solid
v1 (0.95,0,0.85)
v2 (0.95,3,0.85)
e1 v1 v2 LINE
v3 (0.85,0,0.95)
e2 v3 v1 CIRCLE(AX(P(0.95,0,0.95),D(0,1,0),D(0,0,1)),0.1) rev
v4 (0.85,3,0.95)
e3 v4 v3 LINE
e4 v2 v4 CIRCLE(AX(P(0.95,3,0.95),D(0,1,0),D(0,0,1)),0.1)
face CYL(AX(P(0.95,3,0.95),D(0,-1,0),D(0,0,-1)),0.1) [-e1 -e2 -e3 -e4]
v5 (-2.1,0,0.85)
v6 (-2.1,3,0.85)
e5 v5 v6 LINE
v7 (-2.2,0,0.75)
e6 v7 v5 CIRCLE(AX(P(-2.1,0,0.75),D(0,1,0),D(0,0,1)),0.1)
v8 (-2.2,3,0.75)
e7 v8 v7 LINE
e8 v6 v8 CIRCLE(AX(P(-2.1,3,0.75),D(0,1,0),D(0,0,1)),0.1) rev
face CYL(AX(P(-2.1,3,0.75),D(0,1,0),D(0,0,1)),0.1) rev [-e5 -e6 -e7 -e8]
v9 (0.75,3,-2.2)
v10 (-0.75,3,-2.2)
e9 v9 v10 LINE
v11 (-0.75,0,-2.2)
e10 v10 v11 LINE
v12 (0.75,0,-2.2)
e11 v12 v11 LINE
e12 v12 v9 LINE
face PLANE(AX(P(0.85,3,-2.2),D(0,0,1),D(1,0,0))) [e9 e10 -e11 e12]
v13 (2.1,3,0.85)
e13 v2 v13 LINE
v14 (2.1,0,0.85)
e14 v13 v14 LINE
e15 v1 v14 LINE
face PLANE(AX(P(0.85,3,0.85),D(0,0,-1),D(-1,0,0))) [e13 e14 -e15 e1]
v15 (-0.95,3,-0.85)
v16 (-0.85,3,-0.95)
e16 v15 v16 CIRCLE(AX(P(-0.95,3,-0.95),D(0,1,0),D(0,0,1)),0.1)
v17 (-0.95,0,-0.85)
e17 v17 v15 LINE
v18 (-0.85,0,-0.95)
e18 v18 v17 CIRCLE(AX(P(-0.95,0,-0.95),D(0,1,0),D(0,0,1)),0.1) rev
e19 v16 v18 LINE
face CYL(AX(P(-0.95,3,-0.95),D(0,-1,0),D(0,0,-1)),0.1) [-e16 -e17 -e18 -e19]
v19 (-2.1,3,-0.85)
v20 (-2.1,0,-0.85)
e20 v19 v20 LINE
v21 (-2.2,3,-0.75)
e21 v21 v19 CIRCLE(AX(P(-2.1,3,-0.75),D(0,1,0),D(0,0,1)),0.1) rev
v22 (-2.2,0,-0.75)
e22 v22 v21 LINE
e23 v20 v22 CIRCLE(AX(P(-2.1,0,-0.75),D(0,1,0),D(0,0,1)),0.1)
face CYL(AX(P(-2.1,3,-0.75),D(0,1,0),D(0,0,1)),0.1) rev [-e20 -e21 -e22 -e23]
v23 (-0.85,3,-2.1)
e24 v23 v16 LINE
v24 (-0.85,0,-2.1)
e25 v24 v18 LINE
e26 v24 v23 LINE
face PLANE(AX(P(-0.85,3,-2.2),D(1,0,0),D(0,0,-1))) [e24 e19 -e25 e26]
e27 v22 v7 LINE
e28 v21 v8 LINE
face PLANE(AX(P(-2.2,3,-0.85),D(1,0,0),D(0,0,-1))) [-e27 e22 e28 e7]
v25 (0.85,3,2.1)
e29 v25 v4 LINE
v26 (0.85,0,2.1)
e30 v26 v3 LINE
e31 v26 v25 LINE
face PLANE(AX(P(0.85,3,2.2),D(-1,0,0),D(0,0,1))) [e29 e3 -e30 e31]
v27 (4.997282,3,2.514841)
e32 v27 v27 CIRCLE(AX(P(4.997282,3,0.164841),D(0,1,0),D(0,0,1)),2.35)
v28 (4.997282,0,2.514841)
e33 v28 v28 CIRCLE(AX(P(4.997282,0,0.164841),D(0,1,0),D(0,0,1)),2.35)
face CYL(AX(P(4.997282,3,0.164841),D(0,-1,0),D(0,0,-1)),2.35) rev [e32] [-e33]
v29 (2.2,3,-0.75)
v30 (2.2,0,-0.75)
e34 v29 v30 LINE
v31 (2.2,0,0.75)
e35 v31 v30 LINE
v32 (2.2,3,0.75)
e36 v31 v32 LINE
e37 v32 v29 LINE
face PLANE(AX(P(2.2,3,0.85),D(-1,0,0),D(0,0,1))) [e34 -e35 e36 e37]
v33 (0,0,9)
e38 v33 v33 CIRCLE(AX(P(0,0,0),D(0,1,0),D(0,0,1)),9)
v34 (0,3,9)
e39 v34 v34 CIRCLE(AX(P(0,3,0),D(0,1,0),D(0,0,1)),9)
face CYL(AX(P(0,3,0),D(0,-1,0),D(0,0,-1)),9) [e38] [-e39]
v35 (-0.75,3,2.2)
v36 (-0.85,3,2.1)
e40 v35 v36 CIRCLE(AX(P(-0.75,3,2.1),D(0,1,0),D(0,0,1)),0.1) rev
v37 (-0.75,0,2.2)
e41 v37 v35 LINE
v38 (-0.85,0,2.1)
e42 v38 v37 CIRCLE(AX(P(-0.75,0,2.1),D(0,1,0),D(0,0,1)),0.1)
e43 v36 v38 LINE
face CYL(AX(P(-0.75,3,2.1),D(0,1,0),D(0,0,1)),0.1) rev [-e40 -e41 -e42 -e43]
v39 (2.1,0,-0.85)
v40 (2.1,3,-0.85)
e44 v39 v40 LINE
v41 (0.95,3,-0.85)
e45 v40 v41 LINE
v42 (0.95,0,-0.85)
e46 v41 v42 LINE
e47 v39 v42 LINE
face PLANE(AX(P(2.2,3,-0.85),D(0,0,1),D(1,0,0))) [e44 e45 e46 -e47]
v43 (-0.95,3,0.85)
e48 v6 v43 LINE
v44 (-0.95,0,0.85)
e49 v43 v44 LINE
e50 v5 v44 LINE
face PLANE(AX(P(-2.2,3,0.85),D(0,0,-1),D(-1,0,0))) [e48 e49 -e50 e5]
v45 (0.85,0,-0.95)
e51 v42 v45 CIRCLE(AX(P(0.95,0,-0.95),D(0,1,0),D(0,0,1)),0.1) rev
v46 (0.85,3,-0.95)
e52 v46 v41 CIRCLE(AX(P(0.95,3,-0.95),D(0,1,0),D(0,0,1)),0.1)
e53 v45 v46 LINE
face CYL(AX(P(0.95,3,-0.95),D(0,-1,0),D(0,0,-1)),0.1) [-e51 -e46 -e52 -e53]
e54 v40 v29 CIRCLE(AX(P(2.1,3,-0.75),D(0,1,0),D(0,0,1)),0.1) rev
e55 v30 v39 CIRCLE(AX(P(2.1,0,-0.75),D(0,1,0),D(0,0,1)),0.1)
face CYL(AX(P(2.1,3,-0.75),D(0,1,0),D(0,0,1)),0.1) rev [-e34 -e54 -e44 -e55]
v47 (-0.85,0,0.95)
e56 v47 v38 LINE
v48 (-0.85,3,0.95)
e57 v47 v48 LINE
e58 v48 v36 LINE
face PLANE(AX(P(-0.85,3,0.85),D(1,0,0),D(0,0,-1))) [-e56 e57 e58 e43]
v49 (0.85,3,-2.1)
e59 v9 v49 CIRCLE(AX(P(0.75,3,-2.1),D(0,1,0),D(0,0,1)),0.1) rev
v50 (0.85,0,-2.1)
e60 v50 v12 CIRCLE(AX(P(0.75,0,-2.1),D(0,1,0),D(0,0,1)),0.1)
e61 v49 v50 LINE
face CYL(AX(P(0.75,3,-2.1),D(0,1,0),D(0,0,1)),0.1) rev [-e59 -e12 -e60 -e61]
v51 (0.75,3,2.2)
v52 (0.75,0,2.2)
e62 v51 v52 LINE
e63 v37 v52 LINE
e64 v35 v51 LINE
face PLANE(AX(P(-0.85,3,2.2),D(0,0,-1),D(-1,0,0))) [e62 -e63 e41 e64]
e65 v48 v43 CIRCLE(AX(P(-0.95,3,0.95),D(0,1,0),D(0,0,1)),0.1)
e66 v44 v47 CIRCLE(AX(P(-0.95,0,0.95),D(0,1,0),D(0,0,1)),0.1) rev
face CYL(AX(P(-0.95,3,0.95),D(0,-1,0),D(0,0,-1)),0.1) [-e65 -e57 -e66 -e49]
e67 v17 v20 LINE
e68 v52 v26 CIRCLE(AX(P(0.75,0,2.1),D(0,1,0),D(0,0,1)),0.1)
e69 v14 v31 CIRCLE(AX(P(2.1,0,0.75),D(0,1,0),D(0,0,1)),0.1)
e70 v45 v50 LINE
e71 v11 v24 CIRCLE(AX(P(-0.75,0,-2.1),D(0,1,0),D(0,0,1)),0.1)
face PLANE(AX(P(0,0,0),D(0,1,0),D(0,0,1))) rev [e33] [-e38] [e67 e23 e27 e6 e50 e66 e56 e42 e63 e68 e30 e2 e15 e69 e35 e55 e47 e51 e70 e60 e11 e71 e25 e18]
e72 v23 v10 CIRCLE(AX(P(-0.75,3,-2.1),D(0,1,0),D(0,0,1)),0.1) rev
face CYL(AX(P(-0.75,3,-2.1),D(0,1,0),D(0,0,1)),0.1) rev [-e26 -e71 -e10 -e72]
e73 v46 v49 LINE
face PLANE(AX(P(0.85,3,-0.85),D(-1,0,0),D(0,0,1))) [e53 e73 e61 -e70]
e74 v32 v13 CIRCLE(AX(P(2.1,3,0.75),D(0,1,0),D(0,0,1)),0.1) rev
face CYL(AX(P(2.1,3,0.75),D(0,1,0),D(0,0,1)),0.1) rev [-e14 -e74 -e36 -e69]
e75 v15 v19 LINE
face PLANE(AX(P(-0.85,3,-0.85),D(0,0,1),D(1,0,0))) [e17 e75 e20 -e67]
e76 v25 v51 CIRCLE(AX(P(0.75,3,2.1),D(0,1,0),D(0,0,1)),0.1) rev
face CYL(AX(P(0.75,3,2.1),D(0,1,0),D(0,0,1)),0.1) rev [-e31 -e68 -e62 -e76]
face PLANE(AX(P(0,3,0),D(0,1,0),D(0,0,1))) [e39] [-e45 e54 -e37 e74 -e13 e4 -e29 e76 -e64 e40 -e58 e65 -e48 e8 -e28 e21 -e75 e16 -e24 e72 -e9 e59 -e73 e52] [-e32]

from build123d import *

# Parameters (mm, degrees)
SKETCH1_R           = 9
SKETCH1_R_2         = 2.35
BOSS_EXTRUDE1_DEPTH = 3
FILLET1_R           = 0.1


with BuildPart() as part:
    # Sketch1 → Boss-Extrude1 (new body)
    with BuildSketch(Plane(origin=(0, 0, 0), x_dir=(1, 0, 0), z_dir=(0, 1, 0))):
        Circle(SKETCH1_R)
        with Locations((4.997281989, -0.164841493)):
            Circle(SKETCH1_R_2, mode=Mode.SUBTRACT)
        Polygon((-2.2, 0.85), (-2.2, -0.85), (-0.85, -0.85), (-0.85, -2.2), (0.85, -2.2), (0.85, -0.85), (2.2, -0.85), (2.2, 0.85), (0.85, 0.85), (0.85, 2.2), (-0.85, 2.2), (-0.85, 0.85), align=None, mode=Mode.SUBTRACT)
    extrude(amount=BOSS_EXTRUDE1_DEPTH)

    # Fillet1
    fillet1_edges = [part.edges().sort_by_distance(p)[0] for p in [
        (-0.85, 1.5, -0.85),
        (-2.2, 1.5, -0.85),
        (-2.2, 1.5, 0.85),
        (-0.85, 1.5, 0.85),
        (-0.85, 1.5, 2.2),
        (0.85, 1.5, 2.2),
        (0.85, 1.5, 0.85),
        (2.2, 1.5, 0.85),
        (2.2, 1.5, -0.85),
        (0.85, 1.5, -0.85),
        (0.85, 1.5, -2.2),
        (-0.85, 1.5, -2.2),
    ]]
    fillet(fillet1_edges, radius=FILLET1_R)


solid = part.part
